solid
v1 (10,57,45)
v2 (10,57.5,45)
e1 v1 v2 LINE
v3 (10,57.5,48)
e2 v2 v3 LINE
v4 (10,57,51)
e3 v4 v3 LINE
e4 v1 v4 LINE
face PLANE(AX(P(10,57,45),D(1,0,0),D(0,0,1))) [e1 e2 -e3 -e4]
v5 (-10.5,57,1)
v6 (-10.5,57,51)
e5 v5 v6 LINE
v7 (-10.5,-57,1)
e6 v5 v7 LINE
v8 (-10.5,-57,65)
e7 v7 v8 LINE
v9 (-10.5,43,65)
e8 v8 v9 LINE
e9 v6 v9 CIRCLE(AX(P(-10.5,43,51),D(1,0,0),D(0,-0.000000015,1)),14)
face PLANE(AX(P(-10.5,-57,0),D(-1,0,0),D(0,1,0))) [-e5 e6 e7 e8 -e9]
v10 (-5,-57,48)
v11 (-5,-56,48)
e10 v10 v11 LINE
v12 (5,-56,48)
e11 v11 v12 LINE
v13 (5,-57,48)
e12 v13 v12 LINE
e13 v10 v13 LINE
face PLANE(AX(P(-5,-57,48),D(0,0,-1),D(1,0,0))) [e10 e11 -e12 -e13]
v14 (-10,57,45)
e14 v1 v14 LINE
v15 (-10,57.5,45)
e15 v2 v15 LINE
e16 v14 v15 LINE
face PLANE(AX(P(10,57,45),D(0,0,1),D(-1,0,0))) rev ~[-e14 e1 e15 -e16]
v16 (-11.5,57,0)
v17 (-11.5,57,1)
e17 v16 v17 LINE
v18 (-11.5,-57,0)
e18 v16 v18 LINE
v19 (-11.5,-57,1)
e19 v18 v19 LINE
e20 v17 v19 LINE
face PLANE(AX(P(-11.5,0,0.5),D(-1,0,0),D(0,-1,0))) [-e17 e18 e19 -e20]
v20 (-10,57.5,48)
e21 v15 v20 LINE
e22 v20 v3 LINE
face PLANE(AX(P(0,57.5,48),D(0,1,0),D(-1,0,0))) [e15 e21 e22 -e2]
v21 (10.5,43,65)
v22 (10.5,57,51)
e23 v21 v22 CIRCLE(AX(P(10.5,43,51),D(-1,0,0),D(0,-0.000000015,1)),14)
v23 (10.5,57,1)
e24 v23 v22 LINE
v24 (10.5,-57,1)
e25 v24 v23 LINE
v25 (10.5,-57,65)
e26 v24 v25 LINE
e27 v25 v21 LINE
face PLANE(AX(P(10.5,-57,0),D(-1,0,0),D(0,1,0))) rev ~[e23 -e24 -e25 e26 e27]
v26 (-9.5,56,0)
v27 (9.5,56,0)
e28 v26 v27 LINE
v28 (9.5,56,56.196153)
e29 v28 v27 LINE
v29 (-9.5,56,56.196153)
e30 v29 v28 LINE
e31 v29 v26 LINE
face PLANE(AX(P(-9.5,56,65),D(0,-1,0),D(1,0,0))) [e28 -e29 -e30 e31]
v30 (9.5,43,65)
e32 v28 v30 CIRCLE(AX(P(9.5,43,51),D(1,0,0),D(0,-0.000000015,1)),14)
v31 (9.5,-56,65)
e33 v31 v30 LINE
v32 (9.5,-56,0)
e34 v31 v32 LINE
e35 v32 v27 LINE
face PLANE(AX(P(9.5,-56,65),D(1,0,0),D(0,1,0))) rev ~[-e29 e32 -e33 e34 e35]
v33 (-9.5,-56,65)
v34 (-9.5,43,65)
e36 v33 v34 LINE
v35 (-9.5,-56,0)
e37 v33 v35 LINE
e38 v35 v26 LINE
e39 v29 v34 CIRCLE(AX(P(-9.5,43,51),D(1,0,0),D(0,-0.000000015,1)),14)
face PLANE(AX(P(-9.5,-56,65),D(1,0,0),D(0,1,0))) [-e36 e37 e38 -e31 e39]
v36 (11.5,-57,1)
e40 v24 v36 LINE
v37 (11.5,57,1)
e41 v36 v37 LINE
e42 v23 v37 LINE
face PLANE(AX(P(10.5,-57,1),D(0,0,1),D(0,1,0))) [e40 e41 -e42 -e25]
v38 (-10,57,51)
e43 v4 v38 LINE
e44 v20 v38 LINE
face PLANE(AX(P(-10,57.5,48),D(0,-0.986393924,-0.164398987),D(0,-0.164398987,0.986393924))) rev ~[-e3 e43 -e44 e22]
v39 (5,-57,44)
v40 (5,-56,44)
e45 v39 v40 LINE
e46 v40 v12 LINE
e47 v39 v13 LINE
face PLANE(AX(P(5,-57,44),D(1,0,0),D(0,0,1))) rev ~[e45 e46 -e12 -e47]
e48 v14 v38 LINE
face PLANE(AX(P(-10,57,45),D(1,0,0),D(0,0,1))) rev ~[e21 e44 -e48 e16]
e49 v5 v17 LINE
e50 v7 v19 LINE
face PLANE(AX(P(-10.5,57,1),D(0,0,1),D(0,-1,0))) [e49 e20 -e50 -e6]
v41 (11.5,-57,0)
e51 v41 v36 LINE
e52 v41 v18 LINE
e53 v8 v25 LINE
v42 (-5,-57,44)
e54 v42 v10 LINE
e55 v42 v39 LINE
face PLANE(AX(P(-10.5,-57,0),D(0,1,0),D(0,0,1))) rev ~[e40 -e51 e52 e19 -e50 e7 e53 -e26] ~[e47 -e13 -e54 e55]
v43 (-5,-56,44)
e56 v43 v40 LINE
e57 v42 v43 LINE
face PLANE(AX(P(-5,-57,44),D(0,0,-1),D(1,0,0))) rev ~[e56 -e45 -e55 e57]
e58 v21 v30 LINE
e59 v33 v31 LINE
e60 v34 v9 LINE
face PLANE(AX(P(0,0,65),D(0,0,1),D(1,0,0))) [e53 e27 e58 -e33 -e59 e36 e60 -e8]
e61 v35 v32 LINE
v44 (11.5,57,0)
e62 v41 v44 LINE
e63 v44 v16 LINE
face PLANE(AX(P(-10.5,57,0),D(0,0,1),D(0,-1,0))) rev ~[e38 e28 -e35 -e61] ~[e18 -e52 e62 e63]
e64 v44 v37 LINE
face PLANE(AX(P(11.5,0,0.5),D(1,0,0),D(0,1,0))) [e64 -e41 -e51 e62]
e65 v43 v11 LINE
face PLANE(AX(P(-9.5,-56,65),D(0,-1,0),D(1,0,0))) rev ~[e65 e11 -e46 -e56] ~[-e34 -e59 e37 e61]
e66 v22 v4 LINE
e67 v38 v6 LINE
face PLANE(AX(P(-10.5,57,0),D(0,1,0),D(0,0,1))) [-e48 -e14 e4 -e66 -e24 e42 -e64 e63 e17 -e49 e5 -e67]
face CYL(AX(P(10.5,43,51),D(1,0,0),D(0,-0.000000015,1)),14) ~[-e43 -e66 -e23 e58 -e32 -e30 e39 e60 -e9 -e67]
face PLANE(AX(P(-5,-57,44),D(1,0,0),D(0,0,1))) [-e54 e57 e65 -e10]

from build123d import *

# Parameters (mm, degrees)
F0_W      = 21
F0_H      = 114
F1_DEPTH  = 65
F2_W      = 19
F2_H      = 112
F3_DEPTH  = 90
F4_W      = 10
F4_H      = 4
F5_DEPTH  = 25
F6_W      = 114
F6_H      = 1
F7_DEPTH  = 1
F8_W      = 114
F8_H      = 1
F9_DEPTH  = 1
F11_DEPTH = 25
F12_W     = 20
F12_H     = 6
F13_DEPTH = 0.5
F15_DEPTH = 25


with BuildPart() as f1:
    # F0 (on Top) → F1 (new body)
    with BuildSketch(Plane.XY):
        Rectangle(F0_W, F0_H)
    extrude(amount=F1_DEPTH)

    # F2 (on face) → F3 (cut)
    with BuildSketch(Plane.XY.offset(65)):
        Rectangle(F2_W, F2_H)
    extrude(amount=-F3_DEPTH, mode=Mode.SUBTRACT)

    # F4 (on face) → F5 (cut)
    with BuildSketch(Plane.XZ.offset(57)):
        with Locations((0, 46)):
            Rectangle(F4_W, F4_H)
    extrude(amount=-F5_DEPTH, mode=Mode.SUBTRACT)

    # F6 (on face) → F7 (join)
    with BuildSketch(Plane.YZ.offset(10.5)):
        with Locations((0, 0.5)):
            Rectangle(F6_W, F6_H)
    extrude(amount=F7_DEPTH)

    # F8 (on face) → F9 (join)
    with BuildSketch(Plane(origin=(-10.5, 0, 0), x_dir=(0, -1, 0), z_dir=(-1, 0, 0))):
        with Locations((0, 0.5)):
            Rectangle(F8_W, F8_H)
    extrude(amount=F9_DEPTH)

    # F10 (on face) → F11 (cut)
    with BuildSketch(Plane.YZ.offset(10.5)):
        with BuildLine():
            ThreePointArc((43, 65), (52.899495, 60.899495), (57, 51))
            Line((57, 51), (57, 65))
            Line((57, 65), (43, 65))
        make_face()
    extrude(amount=-F11_DEPTH, mode=Mode.SUBTRACT)

    # F12 (on face) → F13 (join)
    with BuildSketch(Plane(origin=(0, 57, 0), x_dir=(-1, 0, 0), z_dir=(0, 1, 0))):
        with Locations((0, 48)):
            Rectangle(F12_W, F12_H)
    extrude(amount=F13_DEPTH)

    # F14 (on face) → F15 (cut)
    with BuildSketch(Plane(origin=(-10, 0, 0), x_dir=(0, -1, 0), z_dir=(-1, 0, 0))):
        Polygon((-57.5, 51), (-57.5, 48), (-57, 51), align=None)
    extrude(amount=-F15_DEPTH, mode=Mode.SUBTRACT)


solid = f1.part
